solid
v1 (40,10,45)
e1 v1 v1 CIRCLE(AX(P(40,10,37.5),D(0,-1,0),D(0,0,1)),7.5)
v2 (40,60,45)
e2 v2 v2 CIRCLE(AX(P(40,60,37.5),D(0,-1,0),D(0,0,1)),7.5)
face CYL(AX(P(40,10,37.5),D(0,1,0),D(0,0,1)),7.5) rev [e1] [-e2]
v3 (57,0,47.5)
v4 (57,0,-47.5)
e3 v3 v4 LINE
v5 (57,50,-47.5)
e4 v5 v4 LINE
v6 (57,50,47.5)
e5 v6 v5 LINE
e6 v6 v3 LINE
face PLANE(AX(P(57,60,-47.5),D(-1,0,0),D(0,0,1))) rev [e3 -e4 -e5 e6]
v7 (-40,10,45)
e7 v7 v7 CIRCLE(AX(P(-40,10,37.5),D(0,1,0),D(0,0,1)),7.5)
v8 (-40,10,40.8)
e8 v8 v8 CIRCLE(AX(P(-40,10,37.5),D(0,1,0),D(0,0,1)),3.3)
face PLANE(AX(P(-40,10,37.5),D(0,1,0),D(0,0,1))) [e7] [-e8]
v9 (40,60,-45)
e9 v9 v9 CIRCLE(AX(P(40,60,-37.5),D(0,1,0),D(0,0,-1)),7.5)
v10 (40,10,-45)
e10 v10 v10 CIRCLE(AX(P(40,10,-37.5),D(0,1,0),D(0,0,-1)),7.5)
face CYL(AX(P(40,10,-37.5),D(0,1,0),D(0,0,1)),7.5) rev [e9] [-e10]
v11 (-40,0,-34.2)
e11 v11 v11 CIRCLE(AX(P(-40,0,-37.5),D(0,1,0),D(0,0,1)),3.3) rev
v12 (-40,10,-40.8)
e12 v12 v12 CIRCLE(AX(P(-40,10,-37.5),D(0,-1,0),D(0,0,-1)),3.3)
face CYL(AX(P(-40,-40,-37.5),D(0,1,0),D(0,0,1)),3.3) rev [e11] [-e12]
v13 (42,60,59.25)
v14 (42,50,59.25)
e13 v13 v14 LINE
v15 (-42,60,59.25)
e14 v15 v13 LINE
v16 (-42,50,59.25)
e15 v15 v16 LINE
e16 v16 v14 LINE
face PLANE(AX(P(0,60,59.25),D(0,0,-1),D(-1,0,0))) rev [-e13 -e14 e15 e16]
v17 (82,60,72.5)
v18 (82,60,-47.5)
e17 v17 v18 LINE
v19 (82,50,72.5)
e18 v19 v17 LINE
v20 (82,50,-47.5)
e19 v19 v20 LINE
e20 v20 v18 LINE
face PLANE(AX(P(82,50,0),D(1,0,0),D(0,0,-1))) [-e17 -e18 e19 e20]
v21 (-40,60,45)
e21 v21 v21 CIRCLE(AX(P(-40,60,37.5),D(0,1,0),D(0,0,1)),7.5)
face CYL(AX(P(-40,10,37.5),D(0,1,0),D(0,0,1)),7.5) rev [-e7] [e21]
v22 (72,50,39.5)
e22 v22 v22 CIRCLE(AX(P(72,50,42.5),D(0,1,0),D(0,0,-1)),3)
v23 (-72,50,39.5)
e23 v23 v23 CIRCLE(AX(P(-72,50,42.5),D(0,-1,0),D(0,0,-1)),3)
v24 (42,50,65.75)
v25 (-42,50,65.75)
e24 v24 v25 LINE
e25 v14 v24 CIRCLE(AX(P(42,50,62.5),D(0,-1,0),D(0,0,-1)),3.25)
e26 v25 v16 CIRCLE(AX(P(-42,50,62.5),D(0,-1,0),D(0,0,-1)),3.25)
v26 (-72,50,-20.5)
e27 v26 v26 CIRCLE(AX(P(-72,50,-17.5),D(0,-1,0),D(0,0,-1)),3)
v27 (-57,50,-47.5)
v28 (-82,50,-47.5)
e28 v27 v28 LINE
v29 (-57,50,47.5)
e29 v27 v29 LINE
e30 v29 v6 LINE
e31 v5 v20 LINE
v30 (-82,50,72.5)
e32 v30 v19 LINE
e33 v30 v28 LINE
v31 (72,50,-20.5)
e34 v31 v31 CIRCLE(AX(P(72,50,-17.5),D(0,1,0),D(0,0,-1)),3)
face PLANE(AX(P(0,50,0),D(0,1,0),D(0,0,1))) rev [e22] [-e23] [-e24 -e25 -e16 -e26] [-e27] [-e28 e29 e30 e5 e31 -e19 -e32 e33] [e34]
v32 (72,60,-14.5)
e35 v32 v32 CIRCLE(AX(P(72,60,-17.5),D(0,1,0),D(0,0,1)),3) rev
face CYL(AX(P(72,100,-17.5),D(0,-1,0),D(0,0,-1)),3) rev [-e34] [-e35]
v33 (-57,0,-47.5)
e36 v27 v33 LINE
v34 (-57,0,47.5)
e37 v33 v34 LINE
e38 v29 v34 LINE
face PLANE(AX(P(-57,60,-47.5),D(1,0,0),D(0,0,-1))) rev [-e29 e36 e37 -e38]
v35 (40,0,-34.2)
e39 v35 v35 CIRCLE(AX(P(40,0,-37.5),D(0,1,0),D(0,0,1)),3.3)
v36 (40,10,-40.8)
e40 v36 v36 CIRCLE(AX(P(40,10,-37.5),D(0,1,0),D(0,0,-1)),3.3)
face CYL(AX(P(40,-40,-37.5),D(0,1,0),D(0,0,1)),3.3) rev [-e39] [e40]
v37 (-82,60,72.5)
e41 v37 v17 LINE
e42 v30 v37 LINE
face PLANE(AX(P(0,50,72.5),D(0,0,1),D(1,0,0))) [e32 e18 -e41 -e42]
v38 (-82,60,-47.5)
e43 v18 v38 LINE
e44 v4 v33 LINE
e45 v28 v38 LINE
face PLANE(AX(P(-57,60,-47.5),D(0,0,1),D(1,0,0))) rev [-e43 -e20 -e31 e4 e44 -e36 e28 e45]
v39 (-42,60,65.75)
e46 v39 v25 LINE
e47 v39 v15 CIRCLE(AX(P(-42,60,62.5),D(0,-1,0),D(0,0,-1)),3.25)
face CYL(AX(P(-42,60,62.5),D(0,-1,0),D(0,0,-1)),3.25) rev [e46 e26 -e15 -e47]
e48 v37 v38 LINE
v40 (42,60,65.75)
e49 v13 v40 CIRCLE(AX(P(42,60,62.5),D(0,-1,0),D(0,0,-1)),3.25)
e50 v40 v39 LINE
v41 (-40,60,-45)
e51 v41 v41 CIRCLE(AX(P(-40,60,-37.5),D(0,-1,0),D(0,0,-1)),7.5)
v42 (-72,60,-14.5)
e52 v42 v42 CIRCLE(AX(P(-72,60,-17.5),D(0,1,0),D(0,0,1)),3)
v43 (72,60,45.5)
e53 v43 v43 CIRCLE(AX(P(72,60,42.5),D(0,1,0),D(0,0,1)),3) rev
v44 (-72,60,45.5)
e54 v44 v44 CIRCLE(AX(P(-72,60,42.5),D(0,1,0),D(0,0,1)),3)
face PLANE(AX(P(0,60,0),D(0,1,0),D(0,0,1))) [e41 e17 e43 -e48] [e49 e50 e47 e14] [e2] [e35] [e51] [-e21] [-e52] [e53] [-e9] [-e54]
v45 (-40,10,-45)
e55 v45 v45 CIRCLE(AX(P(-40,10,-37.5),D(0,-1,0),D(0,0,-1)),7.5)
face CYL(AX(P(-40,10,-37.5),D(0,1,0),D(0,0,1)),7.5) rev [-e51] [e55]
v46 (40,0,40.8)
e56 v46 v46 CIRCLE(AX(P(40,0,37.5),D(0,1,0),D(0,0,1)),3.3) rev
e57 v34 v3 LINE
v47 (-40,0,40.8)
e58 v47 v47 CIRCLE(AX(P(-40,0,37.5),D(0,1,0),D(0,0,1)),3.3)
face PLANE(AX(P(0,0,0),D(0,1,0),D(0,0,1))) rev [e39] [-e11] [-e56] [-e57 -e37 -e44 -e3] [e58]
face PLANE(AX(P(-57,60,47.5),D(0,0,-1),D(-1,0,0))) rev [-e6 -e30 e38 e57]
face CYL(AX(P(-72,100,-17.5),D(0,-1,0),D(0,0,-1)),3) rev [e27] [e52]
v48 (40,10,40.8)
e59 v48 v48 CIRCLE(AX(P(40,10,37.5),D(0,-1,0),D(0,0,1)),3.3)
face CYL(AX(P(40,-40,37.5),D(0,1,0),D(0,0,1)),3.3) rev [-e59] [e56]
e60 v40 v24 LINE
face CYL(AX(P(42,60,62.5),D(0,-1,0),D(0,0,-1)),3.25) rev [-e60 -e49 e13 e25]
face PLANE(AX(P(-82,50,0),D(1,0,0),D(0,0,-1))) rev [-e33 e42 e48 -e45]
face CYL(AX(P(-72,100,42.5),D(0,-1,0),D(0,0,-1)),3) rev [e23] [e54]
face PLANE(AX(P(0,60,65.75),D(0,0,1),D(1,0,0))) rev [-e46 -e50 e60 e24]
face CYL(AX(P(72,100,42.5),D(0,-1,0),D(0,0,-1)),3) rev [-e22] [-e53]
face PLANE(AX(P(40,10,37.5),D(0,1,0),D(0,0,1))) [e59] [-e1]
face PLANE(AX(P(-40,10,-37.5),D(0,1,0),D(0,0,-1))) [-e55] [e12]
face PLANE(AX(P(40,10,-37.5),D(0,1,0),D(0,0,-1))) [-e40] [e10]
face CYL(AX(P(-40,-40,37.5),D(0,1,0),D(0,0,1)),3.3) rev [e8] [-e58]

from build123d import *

# Parameters (mm, degrees)
SKETCH_1_W               = 114
SKETCH_1_H               = 95
EXTRUDE_1_DEPTH          = 60
SKETCH_7_W               = 114
SKETCH_7_H               = 25
EXTRUDE_3_DEPTH          = 10
SKETCH_14_R              = 7.5
CUT_EXTRUDE_9_DEPTH      = 50
SKETCH_15_R              = 3.3
CUT_EXTRUDE_10_DEPTH     = 50
MIRROR_2_COPY_1_SKETCH_R = 7.5
MIRROR_2_COPY_1_DEPTH    = 50
MIRROR_2_COPY_2_SKETCH_R = 3.3
MIRROR_2_COPY_2_DEPTH    = 50
CUT_EXTRUDE_8_DEPTH      = 10
SKETCH_16_R              = 3
CUT_EXTRUDE_11_DEPTH     = 50


with BuildPart() as part:
    # 草图1 → 凸台-拉伸1 (new body)
    with BuildSketch(Plane(origin=(0, 0, 0), x_dir=(1, 0, 0), z_dir=(0, 1, 0))):
        Rectangle(SKETCH_1_W, SKETCH_1_H)
    extrude(amount=EXTRUDE_1_DEPTH)

    # 草图7 → 凸台-拉伸3 (add)
    with BuildSketch(Plane(origin=(0, 60, 0), x_dir=(1, 0, 0), z_dir=(0, 1, 0))):
        with Locations((0, -60)):
            Rectangle(SKETCH_7_W, SKETCH_7_H)
        Polygon((-82, -72.5), (-82, 47.5), (-57, 47.5), (-57, -47.5), (-57, -72.5), align=None)
        Polygon((57, -72.5), (82, -72.5), (82, 47.5), (57, 47.5), (57, -47.5), align=None)
    extrude(amount=-EXTRUDE_3_DEPTH)

    # 草图14 → 切除-拉伸9 (cut)
    with BuildSketch(Plane(origin=(0, 60, 0), x_dir=(1, 0, 0), z_dir=(0, 1, 0))):
        with Locations(Location((-40, -37.5, 0), (0, 0, 270))):
            Circle(SKETCH_14_R)
    cut_extrude_9 = extrude(amount=-CUT_EXTRUDE_9_DEPTH, mode=Mode.SUBTRACT)

    # 草图15 → 切除-拉伸10 (cut)
    with BuildSketch(Plane(origin=(0, 10, 0), x_dir=(1, 0, 0), z_dir=(0, 1, 0))):
        with Locations(Location((-40, -37.5, 0), (0, 0, 270))):
            Circle(SKETCH_15_R)
    cut_extrude_10 = extrude(amount=-CUT_EXTRUDE_10_DEPTH, mode=Mode.SUBTRACT)

    # 镜向1: 切除-拉伸9, 切除-拉伸10 across plane
    add(cut_extrude_9.mirror(Plane(origin=(0, 0, 0), x_dir=(0, 0, 1), z_dir=(1, 0, 0))), mode=Mode.SUBTRACT)
    add(cut_extrude_10.mirror(Plane(origin=(0, 0, 0), x_dir=(0, 0, 1), z_dir=(1, 0, 0))), mode=Mode.SUBTRACT)

    # 镜向2: 切除-拉伸9, 切除-拉伸10 across plane
    add(cut_extrude_9.mirror(Plane.XY), mode=Mode.SUBTRACT)
    add(cut_extrude_10.mirror(Plane.XY), mode=Mode.SUBTRACT)

    # 镜向2 copy 1 sketch → 镜向2 copy 1 (cut)
    with BuildSketch(Plane(origin=(0, 60, 0), x_dir=(-1, 0, 0), z_dir=(0, 1, 0))):
        with Locations(Location((-40, -37.5, 0), (0, 0, 270))):
            Circle(MIRROR_2_COPY_1_SKETCH_R)
    extrude(amount=-MIRROR_2_COPY_1_DEPTH, mode=Mode.SUBTRACT)

    # 镜向2 copy 2 sketch → 镜向2 copy 2 (cut)
    with BuildSketch(Plane(origin=(0, 10, 0), x_dir=(-1, 0, 0), z_dir=(0, 1, 0))):
        with Locations(Location((-40, -37.5, 0), (0, 0, 270))):
            Circle(MIRROR_2_COPY_2_SKETCH_R)
    extrude(amount=-MIRROR_2_COPY_2_DEPTH, mode=Mode.SUBTRACT)

    # 草图13 → 切除-拉伸8 (cut)
    with BuildSketch(Plane.XZ.offset(-50)):
        with BuildLine():
            Line((-42, 59.25), (42, 59.25))
            ThreePointArc((42, 59.25), (45.25, 62.5), (42, 65.75))
            Line((42, 65.75), (-42, 65.75))
            ThreePointArc((-42, 65.75), (-45.25, 62.5), (-42, 59.25))
        make_face()
    extrude(amount=-CUT_EXTRUDE_8_DEPTH, mode=Mode.SUBTRACT)

    # 草图16 → 切除-拉伸11 (cut)
    with BuildSketch(Plane.XZ.offset(-50)):
        with Locations(Location((-72, -17.5, 0), (0, 0, 270))):
            Circle(SKETCH_16_R)
        with Locations(Location((-72, 42.5, 0), (0, 0, 270))):
            Circle(SKETCH_16_R)
    cut_extrude_11 = extrude(amount=-CUT_EXTRUDE_11_DEPTH, mode=Mode.SUBTRACT)

    # 镜向3: 切除-拉伸11 across plane
    add(cut_extrude_11.mirror(Plane(origin=(0, 0, 0), x_dir=(0, 0, 1), z_dir=(1, 0, 0))), mode=Mode.SUBTRACT)


solid = part.part
